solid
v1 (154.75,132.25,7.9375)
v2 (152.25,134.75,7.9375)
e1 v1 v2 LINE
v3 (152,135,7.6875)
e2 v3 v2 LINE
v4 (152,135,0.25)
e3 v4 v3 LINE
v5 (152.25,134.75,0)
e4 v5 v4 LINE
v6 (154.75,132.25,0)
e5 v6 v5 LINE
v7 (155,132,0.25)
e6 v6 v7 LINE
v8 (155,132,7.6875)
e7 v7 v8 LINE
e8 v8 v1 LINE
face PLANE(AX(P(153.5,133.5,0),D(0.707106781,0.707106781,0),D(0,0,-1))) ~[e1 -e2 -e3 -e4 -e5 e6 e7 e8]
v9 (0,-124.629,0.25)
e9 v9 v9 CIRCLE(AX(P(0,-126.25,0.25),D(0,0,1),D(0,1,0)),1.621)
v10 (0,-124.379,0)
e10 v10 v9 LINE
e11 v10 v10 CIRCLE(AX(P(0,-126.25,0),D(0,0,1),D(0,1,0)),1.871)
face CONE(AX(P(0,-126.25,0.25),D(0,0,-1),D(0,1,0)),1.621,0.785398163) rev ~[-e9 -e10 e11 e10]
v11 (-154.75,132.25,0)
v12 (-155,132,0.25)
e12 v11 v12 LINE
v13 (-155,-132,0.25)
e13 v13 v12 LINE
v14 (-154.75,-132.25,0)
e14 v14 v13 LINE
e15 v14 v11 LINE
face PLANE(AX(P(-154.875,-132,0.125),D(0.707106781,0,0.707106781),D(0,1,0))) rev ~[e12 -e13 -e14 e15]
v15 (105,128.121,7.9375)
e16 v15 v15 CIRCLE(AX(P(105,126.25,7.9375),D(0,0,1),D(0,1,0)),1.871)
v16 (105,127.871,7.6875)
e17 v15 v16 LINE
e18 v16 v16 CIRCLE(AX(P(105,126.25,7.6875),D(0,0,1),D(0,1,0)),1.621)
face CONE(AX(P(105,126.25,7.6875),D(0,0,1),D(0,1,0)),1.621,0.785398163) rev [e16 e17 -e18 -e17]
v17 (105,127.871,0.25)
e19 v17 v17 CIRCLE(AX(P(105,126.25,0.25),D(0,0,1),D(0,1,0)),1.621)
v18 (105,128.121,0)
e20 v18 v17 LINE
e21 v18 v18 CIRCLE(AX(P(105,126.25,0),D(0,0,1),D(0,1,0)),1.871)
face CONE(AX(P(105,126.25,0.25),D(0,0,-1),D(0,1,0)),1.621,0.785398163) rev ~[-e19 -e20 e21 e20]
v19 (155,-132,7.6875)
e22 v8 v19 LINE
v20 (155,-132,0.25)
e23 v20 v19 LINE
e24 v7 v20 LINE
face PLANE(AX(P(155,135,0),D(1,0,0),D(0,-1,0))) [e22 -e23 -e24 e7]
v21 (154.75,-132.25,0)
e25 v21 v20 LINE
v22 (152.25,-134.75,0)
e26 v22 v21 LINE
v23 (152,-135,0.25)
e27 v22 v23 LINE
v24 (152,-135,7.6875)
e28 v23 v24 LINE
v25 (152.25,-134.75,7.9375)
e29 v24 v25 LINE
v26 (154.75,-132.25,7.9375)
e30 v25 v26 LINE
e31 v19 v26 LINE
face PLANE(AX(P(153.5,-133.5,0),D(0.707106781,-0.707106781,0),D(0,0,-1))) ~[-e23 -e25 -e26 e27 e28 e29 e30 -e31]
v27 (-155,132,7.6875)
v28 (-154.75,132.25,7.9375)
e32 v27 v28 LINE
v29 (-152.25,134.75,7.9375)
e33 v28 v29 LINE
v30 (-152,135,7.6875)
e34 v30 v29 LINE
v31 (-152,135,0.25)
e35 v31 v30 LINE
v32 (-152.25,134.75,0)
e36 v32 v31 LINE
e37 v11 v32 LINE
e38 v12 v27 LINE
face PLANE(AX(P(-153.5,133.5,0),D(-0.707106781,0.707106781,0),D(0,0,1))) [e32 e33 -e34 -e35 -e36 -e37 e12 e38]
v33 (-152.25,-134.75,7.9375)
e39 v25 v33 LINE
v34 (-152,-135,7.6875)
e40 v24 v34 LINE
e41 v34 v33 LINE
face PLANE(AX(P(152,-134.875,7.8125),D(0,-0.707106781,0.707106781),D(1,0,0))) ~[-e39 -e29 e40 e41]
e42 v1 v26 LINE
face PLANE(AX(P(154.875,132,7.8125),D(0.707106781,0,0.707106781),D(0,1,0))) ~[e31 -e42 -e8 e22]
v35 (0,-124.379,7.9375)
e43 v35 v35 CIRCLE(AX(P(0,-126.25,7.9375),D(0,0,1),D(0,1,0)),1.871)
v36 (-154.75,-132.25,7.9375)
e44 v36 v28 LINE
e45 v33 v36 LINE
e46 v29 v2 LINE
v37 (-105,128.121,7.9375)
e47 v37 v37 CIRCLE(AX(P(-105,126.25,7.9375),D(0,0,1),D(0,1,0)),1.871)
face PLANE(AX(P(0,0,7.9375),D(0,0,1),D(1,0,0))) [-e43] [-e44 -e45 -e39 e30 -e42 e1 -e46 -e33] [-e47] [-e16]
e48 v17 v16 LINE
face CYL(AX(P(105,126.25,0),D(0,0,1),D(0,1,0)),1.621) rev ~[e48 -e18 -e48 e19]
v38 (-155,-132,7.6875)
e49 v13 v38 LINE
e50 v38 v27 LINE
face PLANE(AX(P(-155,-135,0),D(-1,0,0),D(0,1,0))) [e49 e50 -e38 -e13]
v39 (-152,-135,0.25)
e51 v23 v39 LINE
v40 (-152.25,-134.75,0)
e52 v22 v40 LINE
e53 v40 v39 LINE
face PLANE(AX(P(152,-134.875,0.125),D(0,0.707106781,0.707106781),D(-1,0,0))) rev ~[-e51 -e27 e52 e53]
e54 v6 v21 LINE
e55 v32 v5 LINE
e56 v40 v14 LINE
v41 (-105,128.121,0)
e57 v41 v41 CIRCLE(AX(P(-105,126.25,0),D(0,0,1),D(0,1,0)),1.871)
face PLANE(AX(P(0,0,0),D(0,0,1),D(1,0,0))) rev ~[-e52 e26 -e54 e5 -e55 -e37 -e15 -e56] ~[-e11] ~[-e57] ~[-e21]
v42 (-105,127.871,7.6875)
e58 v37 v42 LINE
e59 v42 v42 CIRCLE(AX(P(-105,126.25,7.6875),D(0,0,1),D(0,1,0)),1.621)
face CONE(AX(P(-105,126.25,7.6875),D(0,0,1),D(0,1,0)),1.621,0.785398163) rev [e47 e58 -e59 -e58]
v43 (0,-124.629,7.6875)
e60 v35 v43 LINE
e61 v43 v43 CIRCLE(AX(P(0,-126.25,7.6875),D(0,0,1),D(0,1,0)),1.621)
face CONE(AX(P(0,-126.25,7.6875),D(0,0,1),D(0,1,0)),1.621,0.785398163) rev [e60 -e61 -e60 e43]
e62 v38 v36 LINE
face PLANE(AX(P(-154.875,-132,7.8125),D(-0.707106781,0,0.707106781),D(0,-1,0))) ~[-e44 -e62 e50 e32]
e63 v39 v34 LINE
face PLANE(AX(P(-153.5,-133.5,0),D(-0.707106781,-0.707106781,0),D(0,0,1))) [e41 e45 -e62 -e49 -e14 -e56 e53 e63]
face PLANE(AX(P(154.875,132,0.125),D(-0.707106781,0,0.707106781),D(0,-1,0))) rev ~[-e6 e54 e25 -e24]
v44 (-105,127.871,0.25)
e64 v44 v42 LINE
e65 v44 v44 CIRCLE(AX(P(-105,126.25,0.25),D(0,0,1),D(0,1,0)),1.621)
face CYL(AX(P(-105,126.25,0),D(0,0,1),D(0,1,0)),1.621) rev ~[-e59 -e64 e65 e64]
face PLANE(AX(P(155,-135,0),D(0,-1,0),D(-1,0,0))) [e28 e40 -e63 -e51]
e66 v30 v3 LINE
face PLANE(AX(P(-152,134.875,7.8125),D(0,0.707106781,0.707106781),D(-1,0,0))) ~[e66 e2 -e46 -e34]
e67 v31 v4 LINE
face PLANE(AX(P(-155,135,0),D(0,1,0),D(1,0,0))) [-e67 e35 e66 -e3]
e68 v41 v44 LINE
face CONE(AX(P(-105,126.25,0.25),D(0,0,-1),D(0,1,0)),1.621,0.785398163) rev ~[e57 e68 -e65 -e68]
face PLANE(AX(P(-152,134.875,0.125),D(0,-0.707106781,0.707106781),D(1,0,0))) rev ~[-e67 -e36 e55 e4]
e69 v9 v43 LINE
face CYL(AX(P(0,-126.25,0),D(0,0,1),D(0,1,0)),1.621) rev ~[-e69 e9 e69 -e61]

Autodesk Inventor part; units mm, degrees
ref_plane "YZ Plane" through (0, 0, 0) normal (1, 0, 0) x (0, 1, 0)
ref_plane "XZ Plane" through (0, 0, 0) normal (0, 1, 0) x (-1, 0, 0)
ref_plane "XY Plane" through (0, 0, 0) normal (0, 0, 1) x (1, 0, 0)
sketch "Sketch1" plane through (0, 0, 0) normal (0, 0, 1) x (1, 0, 0)
  line L0 (155, -135) -> (-155, -135)
  line L1 (-155, -135) -> (-155, 135)
  line L2 (-155, 135) -> (155, 135)
  line L3 (155, 135) -> (155, -135)
  line L4 (155, -135) -> (-155, 135) construction
  line L5 (-155, -135) -> (155, 135) construction
  line L6 (152.5, -117.5) -> (-152.5, -117.5) construction
  line L7 (-152.5, -117.5) -> (-152.5, 117.5) construction
  line L8 (-152.5, 117.5) -> (152.5, 117.5) construction
  line L9 (152.5, 117.5) -> (152.5, -117.5) construction
  line L10 (152.5, -117.5) -> (-152.5, 117.5) construction
  line L11 (-152.5, -117.5) -> (152.5, 117.5) construction
  circle A0 centre (0, -126.25) radius 8 construction
  circle A1 centre (0, -126.25) radius 4 construction
  line L12 (0, -117.5) -> (0, -135) construction
  line L13 (0, 135) -> (0, 117.5) construction
  line L14 (-105, 126.25) -> (105, 126.25) construction
  circle A2 centre (-105, 126.25) radius 8 construction
  circle A3 centre (105, 126.25) radius 8 construction
  circle A4 centre (105, 126.25) radius 4 construction
  circle A5 centre (-105, 126.25) radius 4 construction
  line L15 (150, -130) -> (-150, -130) construction
  line L16 (-150, -130) -> (-150, 120) construction
  line L17 (-150, 120) -> (150, 120) construction
  line L18 (150, 120) -> (150, -130) construction
  line L19 (150, -130) -> (-150, 120) construction
  line L20 (-150, -130) -> (150, 120) construction
  point P0 (0, 0)
  point P1 (0, -126.25)
  point P2 (0, 126.25)
  point P3 (0, -5)
  dimension "d0" = 310
  dimension "d1" = 270
  dimension "d2" = 305
  dimension "d3" = 235
  dimension "d4" = 16
  dimension "d5" = 8
  dimension "d6" = 210
  dimension "d7" = 300
  dimension "d8" = 250
  dimension "d9" = 5
  dimension "d10" = 5
extrude "Extrusion1" add sketch "Sketch1" along normal blind 7.9375
hole "Hole1" at (0, -126.25, 0) at (105, 126.25, 0) at (-105, 126.25, 0) direction (0, 0, 1) diameter 3.242 end through all thread size "M4x0.7" class "6H" standard "ANSI Metric M Profile"
chamfer "Chamfer3" distance 0.25 angle 45 6 edges at (0, -127.871, 0) (-105, 124.629, 0) (105, 124.629, 0) (0, -127.871, 7.9375) (-105, 124.629, 7.9375) (105, 124.629, 7.9375)
chamfer "Chamfer1" distance 3 angle 45 4 edges at (-155, 135, 3.9688) (155, 135, 3.9688) (155, -135, 3.9688) (-155, -135, 3.9688)
chamfer "Chamfer2" distance 0.25 angle 45 8 edges at (-155, 0, 7.9375) (0, 135, 7.9375) (155, 0, 7.9375) (0, -135, 7.9375) (-155, 0, 0) (0, -135, 0) (155, 0, 0) (0, 135, 0)
equation "\"d10\" = d9"
properties part number "Print Bed R2" material "Aluminum 6061"
